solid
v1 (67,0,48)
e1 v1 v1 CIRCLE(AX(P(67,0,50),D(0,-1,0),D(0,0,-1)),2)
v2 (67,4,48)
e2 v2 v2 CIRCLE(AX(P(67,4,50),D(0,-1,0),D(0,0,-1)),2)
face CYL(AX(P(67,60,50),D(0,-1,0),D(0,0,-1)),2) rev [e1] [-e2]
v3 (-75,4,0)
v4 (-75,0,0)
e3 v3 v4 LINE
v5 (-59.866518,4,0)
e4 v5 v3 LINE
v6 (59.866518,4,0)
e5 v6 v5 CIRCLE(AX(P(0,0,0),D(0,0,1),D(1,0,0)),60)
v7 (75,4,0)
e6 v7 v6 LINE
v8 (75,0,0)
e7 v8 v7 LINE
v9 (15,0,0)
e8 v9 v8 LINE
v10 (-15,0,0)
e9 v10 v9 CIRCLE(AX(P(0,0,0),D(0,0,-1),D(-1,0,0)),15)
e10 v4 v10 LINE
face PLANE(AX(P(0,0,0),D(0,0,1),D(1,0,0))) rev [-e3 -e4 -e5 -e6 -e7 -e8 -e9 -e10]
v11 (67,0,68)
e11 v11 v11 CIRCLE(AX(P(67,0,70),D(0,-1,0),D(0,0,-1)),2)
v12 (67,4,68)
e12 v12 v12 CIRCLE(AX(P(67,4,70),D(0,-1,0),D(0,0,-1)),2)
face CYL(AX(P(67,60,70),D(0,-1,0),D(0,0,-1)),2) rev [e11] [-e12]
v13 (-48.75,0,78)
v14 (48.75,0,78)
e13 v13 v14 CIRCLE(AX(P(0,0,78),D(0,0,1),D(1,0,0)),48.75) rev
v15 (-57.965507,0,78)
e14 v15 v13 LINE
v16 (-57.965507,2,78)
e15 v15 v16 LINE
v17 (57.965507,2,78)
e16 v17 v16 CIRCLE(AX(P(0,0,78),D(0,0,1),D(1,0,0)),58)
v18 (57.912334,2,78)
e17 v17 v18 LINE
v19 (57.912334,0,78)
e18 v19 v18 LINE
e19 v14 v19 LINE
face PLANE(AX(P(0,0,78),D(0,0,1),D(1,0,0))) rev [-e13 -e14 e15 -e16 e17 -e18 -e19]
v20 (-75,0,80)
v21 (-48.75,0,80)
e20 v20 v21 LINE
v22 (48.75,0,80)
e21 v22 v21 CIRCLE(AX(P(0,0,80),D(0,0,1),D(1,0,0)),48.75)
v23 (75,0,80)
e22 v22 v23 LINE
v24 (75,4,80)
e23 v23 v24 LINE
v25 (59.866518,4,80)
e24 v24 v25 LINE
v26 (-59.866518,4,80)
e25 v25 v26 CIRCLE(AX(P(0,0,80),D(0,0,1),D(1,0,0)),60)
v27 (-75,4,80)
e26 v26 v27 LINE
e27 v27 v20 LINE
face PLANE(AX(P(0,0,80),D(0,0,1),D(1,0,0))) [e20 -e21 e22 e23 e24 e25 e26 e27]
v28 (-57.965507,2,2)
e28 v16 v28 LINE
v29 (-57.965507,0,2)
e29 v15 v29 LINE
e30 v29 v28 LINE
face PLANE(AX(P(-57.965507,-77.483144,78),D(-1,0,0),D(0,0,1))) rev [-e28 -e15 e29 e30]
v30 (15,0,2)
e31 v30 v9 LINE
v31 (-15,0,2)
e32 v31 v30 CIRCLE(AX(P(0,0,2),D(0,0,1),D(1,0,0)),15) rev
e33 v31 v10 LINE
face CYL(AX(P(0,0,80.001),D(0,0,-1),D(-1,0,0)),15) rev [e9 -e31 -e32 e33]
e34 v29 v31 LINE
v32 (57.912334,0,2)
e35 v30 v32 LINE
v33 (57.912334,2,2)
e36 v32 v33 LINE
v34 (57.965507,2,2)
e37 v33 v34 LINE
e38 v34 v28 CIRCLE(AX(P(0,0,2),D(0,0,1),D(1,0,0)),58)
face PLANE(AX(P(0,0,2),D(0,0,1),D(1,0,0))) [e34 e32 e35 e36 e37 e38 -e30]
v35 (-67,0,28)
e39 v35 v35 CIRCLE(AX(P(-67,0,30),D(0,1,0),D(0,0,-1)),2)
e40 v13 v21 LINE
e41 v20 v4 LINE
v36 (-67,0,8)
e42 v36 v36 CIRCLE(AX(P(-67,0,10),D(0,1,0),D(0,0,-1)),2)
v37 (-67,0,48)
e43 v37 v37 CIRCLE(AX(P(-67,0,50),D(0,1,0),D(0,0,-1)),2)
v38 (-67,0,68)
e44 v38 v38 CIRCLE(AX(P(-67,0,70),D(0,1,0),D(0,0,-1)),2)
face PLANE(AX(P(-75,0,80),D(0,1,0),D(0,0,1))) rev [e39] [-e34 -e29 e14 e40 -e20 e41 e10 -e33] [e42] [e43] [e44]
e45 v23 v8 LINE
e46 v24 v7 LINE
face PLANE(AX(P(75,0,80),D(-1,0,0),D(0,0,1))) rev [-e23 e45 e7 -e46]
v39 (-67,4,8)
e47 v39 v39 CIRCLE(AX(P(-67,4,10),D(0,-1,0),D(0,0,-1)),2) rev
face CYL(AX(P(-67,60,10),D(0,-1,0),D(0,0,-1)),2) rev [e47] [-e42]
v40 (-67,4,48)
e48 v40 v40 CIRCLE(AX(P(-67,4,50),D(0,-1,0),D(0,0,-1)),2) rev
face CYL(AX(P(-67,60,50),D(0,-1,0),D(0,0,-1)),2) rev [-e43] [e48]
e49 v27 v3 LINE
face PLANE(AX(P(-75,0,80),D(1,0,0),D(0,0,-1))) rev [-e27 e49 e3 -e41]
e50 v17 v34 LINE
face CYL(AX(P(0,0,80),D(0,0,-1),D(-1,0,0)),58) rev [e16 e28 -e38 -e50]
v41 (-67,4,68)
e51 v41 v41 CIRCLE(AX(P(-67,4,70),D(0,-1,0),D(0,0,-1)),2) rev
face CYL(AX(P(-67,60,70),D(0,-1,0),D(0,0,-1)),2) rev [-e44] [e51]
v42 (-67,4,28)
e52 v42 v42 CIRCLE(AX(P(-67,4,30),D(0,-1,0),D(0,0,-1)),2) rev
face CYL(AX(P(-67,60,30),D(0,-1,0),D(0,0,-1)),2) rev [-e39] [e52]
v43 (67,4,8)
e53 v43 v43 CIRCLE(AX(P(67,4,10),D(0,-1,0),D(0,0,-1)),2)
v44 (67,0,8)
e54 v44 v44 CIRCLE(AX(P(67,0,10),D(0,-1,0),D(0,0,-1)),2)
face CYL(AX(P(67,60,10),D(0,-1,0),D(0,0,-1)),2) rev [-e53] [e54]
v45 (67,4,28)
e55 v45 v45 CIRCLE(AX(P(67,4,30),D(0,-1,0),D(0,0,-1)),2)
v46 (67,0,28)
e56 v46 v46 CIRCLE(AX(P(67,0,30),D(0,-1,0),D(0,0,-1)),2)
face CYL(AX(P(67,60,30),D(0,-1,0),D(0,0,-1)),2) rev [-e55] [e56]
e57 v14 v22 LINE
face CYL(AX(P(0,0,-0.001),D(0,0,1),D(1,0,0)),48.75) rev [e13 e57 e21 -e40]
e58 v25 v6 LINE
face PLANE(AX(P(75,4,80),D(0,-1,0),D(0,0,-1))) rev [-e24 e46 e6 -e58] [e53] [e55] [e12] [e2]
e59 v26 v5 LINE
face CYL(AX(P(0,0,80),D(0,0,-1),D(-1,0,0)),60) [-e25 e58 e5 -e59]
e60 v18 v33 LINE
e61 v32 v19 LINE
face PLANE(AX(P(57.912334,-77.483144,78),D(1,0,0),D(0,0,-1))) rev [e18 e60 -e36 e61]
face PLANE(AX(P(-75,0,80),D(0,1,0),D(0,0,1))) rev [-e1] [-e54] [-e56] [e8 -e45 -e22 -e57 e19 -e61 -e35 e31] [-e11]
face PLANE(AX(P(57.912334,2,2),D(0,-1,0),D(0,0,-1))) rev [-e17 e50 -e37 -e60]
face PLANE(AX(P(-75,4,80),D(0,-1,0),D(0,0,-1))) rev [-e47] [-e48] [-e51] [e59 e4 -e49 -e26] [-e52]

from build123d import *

# Parameters (mm, degrees)
BOSS_EXTRUDE1_DEPTH     = 80
SHELL1_T                = -2
SKETCH2_W               = 15.034493015
SKETCH2_H               = 76
SKETCH2_W_2             = 15.087666062
BOSS_EXTRUDE2_DEPTH     = 2
CUT_EXTRUDE1_REACH      = 82
CUT_EXTRUDE2_REACH      = 82
SKETCH6_R               = 2
CUT_EXTRUDE6_DEPTH      = 61
LPATTERN1_COUNT         = 4
LPATTERN1_PITCH         = 20
MIRROR1_COPY_1_SKETCH_R = 2
MIRROR1_COPY_1_DEPTH    = 61
MIRROR1_COPY_2_SKETCH_R = 2
MIRROR1_COPY_2_DEPTH    = 61
MIRROR1_COPY_3_SKETCH_R = 2
MIRROR1_COPY_3_DEPTH    = 61


with BuildPart() as part:
    # Sketch1 → Boss-Extrude1 (new body)
    with BuildSketch(Plane.XY):
        with BuildLine():
            Line((-75, 0), (75, 0))
            Line((75, 0), (75, 4))
            Line((75, 4), (59.866518188, 4))
            ThreePointArc((59.866518188, 4), (0, 60), (-59.866518188, 4))
            Line((-59.866518188, 4), (-75, 4))
            Line((-75, 4), (-75, 0))
        make_face()
    extrude(amount=BOSS_EXTRUDE1_DEPTH)

    # Shell1
    shell1_openings = [part.faces().sort_by_distance(p)[0] for p in [
        (0, 0, 40),
    ]]
    offset(amount=SHELL1_T, openings=shell1_openings, kind=Kind.INTERSECTION)

    # Sketch2 → Boss-Extrude2 (add)
    with BuildSketch(Plane.XZ.offset(-2)):
        with Locations((-65.482753492, 40)):
            Rectangle(SKETCH2_W, SKETCH2_H)
        with Locations((65.456166969, 40)):
            Rectangle(SKETCH2_W_2, SKETCH2_H)
    extrude(amount=BOSS_EXTRUDE2_DEPTH)

    # Sketch3 → Cut-Extrude1 (cut, up to next)
    with BuildSketch(Plane.XY.offset(80), mode=Mode.PRIVATE) as cut_extrude1_sk1:
        with BuildLine():
            Line((-48.75, 0), (48.75, 0))
            ThreePointArc((48.75, 0), (0, 48.75), (-48.75, 0))
        make_face()
    cut_extrude1_tool1 = extrude(cut_extrude1_sk1.sketch, amount=-CUT_EXTRUDE1_REACH, mode=Mode.PRIVATE) & part.part
    add(cut_extrude1_tool1.solids().sort_by_distance((0, 20.690143, 80))[0], mode=Mode.SUBTRACT)

    # Sketch5 → Cut-Extrude2 (cut, up to next)
    with BuildSketch(Plane(origin=(0, 0, 0), x_dir=(-1, 0, 0), z_dir=(0, 0, -1)), mode=Mode.PRIVATE) as cut_extrude2_sk1:
        with BuildLine():
            Line((-15, 0), (15, 0))
            ThreePointArc((15, 0), (0, 15), (-15, 0))
        make_face()
    cut_extrude2_tool1 = extrude(cut_extrude2_sk1.sketch, amount=-CUT_EXTRUDE2_REACH, mode=Mode.PRIVATE) & part.part
    add(cut_extrude2_tool1.solids().sort_by_distance((0, 6.366198, 0))[0], mode=Mode.SUBTRACT)

    # Sketch6 → Cut-Extrude6 (cut, through all)
    with BuildSketch(Plane.XZ):
        with Locations(Location((67, 70, 0), (0, 0, 270))):  # turned: the seam where the file's is
            Circle(SKETCH6_R)
    cut_extrude6 = extrude(amount=-CUT_EXTRUDE6_DEPTH, mode=Mode.SUBTRACT)

    # LPattern1: Cut-Extrude6 ×4
    with Locations(*[(0, 0, -i * LPATTERN1_PITCH) for i in range(1, LPATTERN1_COUNT)]):
        add(cut_extrude6, mode=Mode.SUBTRACT)

    # Mirror1: Cut-Extrude6 across plane
    add(cut_extrude6.mirror(Plane(origin=(0, 0, 0), x_dir=(0, 0, 1), z_dir=(1, 0, 0))), mode=Mode.SUBTRACT)

    # Mirror1 copy 1 sketch → Mirror1 copy 1 (cut, through all)
    with BuildSketch(Plane(origin=(0, 0, -20), x_dir=(-1, 0, 0), z_dir=(0, -1, 0))):
        with Locations((67, -70)):
            Circle(MIRROR1_COPY_1_SKETCH_R)
    extrude(amount=-MIRROR1_COPY_1_DEPTH, mode=Mode.SUBTRACT)

    # Mirror1 copy 2 sketch → Mirror1 copy 2 (cut, through all)
    with BuildSketch(Plane(origin=(0, 0, -40), x_dir=(-1, 0, 0), z_dir=(0, -1, 0))):
        with Locations((67, -70)):
            Circle(MIRROR1_COPY_2_SKETCH_R)
    extrude(amount=-MIRROR1_COPY_2_DEPTH, mode=Mode.SUBTRACT)

    # Mirror1 copy 3 sketch → Mirror1 copy 3 (cut, through all)
    with BuildSketch(Plane(origin=(0, 0, -60), x_dir=(-1, 0, 0), z_dir=(0, -1, 0))):
        with Locations((67, -70)):
            Circle(MIRROR1_COPY_3_SKETCH_R)
    extrude(amount=-MIRROR1_COPY_3_DEPTH, mode=Mode.SUBTRACT)


solid = part.part
